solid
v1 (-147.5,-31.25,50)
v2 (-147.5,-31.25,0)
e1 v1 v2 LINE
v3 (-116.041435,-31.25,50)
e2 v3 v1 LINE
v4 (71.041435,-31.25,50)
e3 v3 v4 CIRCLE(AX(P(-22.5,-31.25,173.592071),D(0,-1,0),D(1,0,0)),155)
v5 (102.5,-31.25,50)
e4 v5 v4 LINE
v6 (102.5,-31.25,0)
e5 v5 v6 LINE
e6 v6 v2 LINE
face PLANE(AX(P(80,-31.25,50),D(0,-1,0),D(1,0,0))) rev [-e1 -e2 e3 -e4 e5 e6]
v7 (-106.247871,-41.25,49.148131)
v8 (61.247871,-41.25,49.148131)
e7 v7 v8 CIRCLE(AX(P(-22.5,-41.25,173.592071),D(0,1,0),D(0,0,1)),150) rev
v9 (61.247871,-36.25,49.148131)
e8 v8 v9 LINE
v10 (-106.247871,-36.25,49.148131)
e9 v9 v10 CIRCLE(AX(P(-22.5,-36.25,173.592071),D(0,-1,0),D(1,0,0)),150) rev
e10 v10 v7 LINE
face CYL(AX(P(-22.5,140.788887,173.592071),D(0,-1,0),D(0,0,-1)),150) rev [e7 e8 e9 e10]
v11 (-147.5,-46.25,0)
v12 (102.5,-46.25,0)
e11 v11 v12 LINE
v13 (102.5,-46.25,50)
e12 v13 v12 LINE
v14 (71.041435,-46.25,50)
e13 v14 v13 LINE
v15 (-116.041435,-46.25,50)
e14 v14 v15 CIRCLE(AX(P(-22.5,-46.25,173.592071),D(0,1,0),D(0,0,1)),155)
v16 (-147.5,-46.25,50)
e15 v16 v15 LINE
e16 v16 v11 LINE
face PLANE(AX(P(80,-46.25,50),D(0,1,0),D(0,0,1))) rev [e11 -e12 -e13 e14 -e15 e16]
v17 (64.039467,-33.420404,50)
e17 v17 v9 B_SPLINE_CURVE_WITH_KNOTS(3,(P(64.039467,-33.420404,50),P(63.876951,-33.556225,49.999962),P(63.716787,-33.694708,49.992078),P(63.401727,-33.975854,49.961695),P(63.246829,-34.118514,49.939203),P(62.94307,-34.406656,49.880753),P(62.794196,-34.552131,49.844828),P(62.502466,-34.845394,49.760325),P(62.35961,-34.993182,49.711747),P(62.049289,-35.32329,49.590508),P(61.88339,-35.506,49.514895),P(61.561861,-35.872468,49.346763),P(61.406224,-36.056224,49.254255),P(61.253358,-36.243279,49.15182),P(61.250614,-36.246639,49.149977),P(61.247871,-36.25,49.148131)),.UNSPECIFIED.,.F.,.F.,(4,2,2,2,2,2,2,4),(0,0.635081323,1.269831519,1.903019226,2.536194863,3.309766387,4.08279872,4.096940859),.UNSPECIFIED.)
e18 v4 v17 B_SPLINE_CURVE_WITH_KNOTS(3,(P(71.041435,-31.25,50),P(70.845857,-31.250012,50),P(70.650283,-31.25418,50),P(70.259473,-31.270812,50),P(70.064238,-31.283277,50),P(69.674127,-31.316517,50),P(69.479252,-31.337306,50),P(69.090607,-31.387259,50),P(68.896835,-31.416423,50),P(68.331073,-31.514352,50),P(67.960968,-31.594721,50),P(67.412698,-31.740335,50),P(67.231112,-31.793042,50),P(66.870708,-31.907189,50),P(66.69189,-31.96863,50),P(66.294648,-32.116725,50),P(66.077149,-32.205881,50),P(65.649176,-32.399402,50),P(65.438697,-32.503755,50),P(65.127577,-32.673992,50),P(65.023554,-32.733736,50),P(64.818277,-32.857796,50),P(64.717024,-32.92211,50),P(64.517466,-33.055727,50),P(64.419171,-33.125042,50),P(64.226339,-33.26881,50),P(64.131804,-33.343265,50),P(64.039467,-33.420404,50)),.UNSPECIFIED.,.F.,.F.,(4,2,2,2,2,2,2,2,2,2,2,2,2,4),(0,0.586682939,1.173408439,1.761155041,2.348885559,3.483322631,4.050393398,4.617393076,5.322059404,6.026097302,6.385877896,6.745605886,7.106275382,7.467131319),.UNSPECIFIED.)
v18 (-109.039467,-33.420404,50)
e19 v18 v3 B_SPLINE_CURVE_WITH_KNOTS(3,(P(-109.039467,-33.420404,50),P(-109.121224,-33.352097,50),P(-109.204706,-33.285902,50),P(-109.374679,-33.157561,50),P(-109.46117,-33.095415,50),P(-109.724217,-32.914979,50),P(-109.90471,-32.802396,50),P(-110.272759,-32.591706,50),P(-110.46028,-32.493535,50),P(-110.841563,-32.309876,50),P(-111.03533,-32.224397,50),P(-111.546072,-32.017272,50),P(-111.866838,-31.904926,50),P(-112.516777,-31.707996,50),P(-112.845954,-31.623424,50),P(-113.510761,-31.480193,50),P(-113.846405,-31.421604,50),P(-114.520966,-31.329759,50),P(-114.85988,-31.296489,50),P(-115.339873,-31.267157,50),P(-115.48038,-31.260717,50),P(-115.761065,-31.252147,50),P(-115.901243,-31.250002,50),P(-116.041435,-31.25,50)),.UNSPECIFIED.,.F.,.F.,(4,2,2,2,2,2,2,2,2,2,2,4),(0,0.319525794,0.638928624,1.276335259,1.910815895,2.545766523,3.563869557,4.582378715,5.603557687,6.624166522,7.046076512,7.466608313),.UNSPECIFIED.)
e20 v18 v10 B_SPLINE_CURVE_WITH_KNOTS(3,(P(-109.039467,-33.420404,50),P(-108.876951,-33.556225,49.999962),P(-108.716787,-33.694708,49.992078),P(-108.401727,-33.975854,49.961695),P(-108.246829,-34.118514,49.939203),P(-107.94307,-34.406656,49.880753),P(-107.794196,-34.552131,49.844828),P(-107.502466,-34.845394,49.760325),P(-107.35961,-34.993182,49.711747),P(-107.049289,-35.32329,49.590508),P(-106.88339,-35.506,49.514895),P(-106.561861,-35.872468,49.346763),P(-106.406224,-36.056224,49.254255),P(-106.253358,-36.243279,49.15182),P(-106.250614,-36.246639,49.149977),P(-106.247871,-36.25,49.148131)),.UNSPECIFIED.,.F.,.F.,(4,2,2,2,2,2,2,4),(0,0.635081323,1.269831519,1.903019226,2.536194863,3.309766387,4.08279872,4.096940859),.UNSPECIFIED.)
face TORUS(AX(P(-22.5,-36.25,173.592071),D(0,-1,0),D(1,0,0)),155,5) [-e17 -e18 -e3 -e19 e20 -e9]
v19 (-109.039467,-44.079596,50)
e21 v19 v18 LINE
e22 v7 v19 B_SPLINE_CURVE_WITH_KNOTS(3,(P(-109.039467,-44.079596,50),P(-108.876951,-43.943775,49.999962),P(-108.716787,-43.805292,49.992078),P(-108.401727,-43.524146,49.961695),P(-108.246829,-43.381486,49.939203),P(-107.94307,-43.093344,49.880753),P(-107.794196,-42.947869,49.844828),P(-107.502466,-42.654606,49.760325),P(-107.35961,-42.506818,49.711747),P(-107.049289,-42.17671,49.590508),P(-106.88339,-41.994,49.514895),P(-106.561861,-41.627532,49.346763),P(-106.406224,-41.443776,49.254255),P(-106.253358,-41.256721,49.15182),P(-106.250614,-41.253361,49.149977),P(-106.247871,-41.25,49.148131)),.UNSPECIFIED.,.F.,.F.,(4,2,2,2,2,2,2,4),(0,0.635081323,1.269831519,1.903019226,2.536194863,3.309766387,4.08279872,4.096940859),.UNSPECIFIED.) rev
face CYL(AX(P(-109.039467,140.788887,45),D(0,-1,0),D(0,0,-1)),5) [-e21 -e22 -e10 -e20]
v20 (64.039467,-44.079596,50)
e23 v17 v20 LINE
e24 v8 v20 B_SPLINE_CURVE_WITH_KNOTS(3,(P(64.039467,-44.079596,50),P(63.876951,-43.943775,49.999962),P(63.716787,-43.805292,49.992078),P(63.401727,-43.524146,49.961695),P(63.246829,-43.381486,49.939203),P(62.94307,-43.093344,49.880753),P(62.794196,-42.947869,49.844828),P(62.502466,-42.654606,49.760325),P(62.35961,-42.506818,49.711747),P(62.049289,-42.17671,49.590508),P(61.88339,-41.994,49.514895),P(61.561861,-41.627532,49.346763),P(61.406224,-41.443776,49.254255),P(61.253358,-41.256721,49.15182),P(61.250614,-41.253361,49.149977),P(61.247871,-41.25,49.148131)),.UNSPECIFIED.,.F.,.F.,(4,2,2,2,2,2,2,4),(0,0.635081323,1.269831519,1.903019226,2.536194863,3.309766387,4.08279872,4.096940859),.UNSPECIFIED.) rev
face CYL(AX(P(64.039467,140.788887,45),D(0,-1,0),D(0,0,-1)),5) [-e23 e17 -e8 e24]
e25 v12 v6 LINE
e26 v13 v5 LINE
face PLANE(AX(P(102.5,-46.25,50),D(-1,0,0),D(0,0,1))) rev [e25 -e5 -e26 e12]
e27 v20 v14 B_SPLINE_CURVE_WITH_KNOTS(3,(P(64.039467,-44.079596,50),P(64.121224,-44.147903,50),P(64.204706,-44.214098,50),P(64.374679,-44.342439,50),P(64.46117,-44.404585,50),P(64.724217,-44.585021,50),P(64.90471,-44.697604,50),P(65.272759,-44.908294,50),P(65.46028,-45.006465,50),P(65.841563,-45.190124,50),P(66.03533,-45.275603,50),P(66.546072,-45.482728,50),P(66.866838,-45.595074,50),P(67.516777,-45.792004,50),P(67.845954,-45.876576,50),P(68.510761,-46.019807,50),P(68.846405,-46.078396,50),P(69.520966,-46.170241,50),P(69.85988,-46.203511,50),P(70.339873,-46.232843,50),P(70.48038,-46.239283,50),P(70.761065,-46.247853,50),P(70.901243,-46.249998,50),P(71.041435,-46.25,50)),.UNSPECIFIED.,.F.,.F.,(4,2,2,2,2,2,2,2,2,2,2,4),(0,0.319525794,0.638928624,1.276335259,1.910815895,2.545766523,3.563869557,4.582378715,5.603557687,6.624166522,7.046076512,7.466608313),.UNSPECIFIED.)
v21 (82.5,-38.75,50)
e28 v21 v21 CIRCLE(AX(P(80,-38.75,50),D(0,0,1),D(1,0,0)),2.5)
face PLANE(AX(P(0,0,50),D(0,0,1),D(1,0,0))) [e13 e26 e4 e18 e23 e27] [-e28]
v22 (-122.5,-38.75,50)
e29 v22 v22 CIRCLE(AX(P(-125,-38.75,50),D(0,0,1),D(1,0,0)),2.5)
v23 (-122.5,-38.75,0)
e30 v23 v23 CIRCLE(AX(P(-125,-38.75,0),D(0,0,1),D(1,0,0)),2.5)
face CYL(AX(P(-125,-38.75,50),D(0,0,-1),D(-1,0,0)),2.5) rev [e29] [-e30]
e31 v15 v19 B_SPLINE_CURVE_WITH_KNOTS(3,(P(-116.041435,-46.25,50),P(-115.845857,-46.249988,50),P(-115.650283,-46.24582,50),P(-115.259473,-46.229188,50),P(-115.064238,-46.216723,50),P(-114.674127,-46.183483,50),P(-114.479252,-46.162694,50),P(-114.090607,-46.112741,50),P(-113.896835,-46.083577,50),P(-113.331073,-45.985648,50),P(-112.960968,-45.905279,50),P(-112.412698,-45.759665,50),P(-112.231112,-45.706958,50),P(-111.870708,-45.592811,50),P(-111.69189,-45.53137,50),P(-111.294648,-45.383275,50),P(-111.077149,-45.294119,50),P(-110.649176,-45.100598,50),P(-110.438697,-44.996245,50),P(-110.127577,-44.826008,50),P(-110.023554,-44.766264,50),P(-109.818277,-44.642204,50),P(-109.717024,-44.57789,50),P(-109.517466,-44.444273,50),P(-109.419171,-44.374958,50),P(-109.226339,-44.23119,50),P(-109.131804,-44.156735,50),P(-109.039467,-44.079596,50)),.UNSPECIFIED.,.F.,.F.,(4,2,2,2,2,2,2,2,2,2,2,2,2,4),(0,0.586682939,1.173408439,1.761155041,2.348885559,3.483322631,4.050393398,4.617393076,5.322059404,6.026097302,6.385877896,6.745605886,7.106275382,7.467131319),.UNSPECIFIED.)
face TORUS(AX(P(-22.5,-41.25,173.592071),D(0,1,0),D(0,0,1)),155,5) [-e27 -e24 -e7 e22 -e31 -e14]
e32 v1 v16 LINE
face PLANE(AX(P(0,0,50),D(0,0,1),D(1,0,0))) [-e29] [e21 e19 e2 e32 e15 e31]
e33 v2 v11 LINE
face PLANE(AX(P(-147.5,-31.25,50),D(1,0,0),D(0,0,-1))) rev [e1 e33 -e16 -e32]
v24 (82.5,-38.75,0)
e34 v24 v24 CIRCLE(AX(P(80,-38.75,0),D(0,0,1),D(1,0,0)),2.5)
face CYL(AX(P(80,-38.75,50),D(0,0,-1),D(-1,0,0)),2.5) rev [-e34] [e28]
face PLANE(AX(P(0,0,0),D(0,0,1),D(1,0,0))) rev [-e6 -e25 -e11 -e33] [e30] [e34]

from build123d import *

# Parameters (mm, degrees)
SKETCH1_R           = 2.5
BOSS_EXTRUDE1_DEPTH = 50
CUT_EXTRUDE1_DEPTH  = 15
FILLET1_R           = 5


with BuildPart() as part:
    # Sketch1 → Boss-Extrude1 (new body)
    with BuildSketch(Plane.XY):
        Polygon((80, -46.25), (102.5, -46.25), (102.5, -31.25), (80, -31.25), (-147.5, -31.25), (-147.5, -46.25), align=None)
        with Locations((-125, -38.75)):
            Circle(SKETCH1_R, mode=Mode.SUBTRACT)
        with Locations((80, -38.75)):
            Circle(SKETCH1_R, mode=Mode.SUBTRACT)
    extrude(amount=BOSS_EXTRUDE1_DEPTH)

    # Sketch2 → Cut-Extrude1 (cut)
    with BuildSketch(Plane.XZ.offset(46.25)):
        with BuildLine():
            Line((-107.5, 50), (62.5, 50))
            ThreePointArc((62.5, 50), (-22.5, 23.592070943), (-107.5, 50))
        make_face()
    extrude(amount=-CUT_EXTRUDE1_DEPTH, mode=Mode.SUBTRACT)

    # Fillet1
    fillet1_edges = [part.edges().sort_by_distance(p)[0] for p in [
        (62.5, -38.75, 50),
        (-107.5, -38.75, 50),
        (-22.5, -46.25, 23.592070943),
        (-22.5, -31.25, 23.592070943),
    ]]
    fillet(fillet1_edges, radius=FILLET1_R)


solid = part.part
